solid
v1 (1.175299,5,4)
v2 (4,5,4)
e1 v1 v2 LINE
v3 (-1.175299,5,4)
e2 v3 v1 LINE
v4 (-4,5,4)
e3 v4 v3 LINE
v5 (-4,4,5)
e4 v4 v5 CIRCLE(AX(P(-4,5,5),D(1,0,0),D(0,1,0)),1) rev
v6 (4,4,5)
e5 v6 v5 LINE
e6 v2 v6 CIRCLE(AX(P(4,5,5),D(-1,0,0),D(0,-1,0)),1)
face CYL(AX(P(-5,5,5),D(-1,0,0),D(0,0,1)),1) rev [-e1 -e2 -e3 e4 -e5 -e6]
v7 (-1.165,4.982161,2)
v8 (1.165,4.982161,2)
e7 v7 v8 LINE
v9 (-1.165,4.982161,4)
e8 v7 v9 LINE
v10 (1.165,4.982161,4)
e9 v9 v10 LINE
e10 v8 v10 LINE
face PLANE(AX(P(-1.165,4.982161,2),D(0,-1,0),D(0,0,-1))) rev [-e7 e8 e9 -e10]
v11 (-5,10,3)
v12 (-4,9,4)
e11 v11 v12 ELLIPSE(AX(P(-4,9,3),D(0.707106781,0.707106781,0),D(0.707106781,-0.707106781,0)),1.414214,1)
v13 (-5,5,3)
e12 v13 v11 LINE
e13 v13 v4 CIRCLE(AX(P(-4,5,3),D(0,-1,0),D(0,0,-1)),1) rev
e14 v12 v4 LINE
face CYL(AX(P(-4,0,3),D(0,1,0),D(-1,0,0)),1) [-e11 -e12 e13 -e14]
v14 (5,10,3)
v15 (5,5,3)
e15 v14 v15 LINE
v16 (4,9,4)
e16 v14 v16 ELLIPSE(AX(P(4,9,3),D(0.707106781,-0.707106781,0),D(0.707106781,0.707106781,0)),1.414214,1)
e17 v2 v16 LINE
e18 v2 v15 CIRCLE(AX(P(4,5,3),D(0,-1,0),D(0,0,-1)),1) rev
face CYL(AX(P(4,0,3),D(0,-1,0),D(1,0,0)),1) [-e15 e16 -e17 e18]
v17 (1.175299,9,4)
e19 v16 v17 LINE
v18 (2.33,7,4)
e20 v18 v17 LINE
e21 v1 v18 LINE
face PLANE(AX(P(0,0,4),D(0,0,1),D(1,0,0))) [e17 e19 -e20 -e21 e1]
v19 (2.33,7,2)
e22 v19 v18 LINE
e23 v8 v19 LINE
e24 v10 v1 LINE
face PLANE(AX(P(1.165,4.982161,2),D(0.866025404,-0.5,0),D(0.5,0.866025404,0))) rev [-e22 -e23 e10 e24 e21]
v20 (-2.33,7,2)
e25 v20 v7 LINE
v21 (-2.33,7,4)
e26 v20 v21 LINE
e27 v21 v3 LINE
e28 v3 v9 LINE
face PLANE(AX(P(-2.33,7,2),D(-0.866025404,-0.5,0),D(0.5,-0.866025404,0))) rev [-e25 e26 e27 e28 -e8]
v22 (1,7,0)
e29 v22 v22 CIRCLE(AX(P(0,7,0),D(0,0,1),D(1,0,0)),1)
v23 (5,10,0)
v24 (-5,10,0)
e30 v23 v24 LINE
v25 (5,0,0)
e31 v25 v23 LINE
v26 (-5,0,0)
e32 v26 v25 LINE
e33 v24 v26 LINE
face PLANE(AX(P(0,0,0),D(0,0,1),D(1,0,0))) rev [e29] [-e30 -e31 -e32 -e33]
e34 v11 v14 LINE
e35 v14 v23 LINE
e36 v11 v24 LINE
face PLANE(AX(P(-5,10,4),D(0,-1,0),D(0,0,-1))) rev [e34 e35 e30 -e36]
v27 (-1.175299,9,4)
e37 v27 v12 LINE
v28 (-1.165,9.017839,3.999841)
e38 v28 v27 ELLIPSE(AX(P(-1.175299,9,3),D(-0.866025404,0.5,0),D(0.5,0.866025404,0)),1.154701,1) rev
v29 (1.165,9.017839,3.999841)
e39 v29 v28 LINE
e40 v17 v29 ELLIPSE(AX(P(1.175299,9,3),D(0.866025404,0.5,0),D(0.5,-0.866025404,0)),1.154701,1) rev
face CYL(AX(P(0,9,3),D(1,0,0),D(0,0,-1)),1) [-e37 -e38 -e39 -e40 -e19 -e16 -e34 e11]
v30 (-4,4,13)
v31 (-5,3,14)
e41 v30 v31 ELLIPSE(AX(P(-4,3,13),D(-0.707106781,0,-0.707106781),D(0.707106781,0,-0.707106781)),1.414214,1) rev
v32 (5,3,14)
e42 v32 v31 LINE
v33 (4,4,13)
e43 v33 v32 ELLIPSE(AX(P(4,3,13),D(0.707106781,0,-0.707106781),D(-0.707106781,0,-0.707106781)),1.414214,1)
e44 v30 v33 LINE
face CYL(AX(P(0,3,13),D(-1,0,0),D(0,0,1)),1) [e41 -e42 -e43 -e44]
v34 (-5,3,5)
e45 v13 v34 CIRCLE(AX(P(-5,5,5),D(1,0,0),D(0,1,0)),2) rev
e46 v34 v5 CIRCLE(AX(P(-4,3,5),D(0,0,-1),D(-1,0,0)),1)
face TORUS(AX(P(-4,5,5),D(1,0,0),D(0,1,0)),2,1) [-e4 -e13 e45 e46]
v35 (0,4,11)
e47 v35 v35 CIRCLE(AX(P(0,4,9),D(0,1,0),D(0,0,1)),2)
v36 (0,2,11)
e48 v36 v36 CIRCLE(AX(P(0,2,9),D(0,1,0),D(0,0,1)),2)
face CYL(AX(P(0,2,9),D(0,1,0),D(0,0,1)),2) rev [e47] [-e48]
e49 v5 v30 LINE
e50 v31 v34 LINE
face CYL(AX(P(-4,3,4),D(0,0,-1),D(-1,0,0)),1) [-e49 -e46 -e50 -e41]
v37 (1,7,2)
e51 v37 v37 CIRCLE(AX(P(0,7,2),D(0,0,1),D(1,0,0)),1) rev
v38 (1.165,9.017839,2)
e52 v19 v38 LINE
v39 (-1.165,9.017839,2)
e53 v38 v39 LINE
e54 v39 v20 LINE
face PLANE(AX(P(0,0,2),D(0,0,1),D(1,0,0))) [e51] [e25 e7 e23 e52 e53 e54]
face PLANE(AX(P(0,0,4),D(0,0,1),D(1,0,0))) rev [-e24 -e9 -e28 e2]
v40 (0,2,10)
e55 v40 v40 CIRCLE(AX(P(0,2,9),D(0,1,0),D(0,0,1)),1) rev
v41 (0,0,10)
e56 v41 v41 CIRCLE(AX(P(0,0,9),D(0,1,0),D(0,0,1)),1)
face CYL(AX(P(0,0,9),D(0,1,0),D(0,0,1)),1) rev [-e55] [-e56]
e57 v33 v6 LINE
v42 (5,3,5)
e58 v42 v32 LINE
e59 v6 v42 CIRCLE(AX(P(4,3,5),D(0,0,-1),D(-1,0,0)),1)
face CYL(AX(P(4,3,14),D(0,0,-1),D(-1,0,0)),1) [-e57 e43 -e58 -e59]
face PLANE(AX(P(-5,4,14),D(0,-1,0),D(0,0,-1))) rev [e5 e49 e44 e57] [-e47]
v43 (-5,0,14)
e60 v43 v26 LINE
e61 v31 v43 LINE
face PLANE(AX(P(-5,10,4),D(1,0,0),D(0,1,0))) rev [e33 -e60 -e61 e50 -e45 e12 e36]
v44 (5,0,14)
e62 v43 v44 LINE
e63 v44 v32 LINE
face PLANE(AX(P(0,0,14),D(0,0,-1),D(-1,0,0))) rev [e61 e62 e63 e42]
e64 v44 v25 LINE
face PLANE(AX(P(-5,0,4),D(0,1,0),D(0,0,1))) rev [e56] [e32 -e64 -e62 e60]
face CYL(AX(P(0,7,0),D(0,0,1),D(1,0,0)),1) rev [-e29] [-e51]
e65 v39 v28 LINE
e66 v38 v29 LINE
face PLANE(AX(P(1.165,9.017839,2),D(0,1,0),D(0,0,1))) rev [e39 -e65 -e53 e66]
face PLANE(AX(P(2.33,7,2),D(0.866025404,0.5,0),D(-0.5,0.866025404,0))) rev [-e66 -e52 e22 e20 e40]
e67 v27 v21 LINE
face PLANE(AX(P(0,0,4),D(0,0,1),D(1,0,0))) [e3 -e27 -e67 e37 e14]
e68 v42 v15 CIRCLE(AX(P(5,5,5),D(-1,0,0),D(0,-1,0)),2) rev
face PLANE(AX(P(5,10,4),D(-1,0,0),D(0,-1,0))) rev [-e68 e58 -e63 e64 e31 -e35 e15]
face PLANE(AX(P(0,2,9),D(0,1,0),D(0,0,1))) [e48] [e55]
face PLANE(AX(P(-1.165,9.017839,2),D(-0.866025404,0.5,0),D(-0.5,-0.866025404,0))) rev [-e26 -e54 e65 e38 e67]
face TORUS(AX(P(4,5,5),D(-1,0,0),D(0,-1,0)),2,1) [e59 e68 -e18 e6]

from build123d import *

# Parameters (mm, degrees)
ESQUISSE1_W             = 10
ESQUISSE1_H             = 10
BOSS_EXTRU_1_DEPTH      = 4
ESQUISSE2_W             = 10
ESQUISSE2_H             = 4
BOSS_EXTRU_2_DEPTH      = 10
ESQUISSE3_R             = 1
ENL_V_MAT_EXTRU_1_DEPTH = 5
CONG_1_R                = 1
ESQUISSE4_R             = 1
ENL_V_MAT_EXTRU_2_DEPTH = 5
ENL_V_MAT_EXTRU_3_DEPTH = 2
ESQUISSE6_R             = 2
ENL_V_MAT_EXTRU_4_DEPTH = 2


with BuildPart() as part:
    # Esquisse1 → Boss.-Extru.1 (new body)
    with BuildSketch(Plane.XY):
        with Locations((0, 5)):
            Rectangle(ESQUISSE1_W, ESQUISSE1_H)
    extrude(amount=BOSS_EXTRU_1_DEPTH)

    # Esquisse2 → Boss.-Extru.2 (add)
    with BuildSketch(Plane.XY.offset(4)):
        with Locations((0, 2)):
            Rectangle(ESQUISSE2_W, ESQUISSE2_H)
    extrude(amount=BOSS_EXTRU_2_DEPTH)

    # Esquisse3 → Enlèv. mat.-Extru.1 (cut, through all)
    with BuildSketch(Plane.XY.offset(4)):
        with Locations((0, 7)):
            Circle(ESQUISSE3_R)
    extrude(amount=-ENL_V_MAT_EXTRU_1_DEPTH, mode=Mode.SUBTRACT)

    # Congé1
    cong_1_edges = [part.edges().sort_by_distance(p)[0] for p in [
        (5, 7, 4),
        (-5, 4, 9),
        (0, 4, 4),
        (5, 4, 9),
        (0, 10, 4),
        (0, 4, 14),
        (-5, 7, 4),
    ]]
    fillet(cong_1_edges, radius=CONG_1_R)

    # Esquisse4 → Enlèv. mat.-Extru.2 (cut, through all)
    with BuildSketch(Plane(origin=(0, 4, 0), x_dir=(1, 0, 0), z_dir=(0, 1, 0))):
        with Locations(Location((0, -9, 0), (0, 0, 270))):  # turned: the seam where the file's is
            Circle(ESQUISSE4_R)
    extrude(amount=-ENL_V_MAT_EXTRU_2_DEPTH, mode=Mode.SUBTRACT)

    # Esquisse5 → Enlèv. mat.-Extru.3 (cut)
    with BuildSketch(Plane.XY.offset(4)):
        Polygon((1.165, 4.982160809), (2.33, 7), (1.165, 9.017839191), (-1.165, 9.017839191), (-2.33, 7), (-1.165, 4.982160809), align=None)
    extrude(amount=-ENL_V_MAT_EXTRU_3_DEPTH, mode=Mode.SUBTRACT)

    # Esquisse6 → Enlèv. mat.-Extru.4 (cut)
    with BuildSketch(Plane(origin=(0, 4, 0), x_dir=(1, 0, 0), z_dir=(0, 1, 0))):
        with Locations(Location((0, -9, 0), (0, 0, 270))):  # turned: the seam where the file's is
            Circle(ESQUISSE6_R)
    extrude(amount=-ENL_V_MAT_EXTRU_4_DEPTH, mode=Mode.SUBTRACT)


solid = part.part
